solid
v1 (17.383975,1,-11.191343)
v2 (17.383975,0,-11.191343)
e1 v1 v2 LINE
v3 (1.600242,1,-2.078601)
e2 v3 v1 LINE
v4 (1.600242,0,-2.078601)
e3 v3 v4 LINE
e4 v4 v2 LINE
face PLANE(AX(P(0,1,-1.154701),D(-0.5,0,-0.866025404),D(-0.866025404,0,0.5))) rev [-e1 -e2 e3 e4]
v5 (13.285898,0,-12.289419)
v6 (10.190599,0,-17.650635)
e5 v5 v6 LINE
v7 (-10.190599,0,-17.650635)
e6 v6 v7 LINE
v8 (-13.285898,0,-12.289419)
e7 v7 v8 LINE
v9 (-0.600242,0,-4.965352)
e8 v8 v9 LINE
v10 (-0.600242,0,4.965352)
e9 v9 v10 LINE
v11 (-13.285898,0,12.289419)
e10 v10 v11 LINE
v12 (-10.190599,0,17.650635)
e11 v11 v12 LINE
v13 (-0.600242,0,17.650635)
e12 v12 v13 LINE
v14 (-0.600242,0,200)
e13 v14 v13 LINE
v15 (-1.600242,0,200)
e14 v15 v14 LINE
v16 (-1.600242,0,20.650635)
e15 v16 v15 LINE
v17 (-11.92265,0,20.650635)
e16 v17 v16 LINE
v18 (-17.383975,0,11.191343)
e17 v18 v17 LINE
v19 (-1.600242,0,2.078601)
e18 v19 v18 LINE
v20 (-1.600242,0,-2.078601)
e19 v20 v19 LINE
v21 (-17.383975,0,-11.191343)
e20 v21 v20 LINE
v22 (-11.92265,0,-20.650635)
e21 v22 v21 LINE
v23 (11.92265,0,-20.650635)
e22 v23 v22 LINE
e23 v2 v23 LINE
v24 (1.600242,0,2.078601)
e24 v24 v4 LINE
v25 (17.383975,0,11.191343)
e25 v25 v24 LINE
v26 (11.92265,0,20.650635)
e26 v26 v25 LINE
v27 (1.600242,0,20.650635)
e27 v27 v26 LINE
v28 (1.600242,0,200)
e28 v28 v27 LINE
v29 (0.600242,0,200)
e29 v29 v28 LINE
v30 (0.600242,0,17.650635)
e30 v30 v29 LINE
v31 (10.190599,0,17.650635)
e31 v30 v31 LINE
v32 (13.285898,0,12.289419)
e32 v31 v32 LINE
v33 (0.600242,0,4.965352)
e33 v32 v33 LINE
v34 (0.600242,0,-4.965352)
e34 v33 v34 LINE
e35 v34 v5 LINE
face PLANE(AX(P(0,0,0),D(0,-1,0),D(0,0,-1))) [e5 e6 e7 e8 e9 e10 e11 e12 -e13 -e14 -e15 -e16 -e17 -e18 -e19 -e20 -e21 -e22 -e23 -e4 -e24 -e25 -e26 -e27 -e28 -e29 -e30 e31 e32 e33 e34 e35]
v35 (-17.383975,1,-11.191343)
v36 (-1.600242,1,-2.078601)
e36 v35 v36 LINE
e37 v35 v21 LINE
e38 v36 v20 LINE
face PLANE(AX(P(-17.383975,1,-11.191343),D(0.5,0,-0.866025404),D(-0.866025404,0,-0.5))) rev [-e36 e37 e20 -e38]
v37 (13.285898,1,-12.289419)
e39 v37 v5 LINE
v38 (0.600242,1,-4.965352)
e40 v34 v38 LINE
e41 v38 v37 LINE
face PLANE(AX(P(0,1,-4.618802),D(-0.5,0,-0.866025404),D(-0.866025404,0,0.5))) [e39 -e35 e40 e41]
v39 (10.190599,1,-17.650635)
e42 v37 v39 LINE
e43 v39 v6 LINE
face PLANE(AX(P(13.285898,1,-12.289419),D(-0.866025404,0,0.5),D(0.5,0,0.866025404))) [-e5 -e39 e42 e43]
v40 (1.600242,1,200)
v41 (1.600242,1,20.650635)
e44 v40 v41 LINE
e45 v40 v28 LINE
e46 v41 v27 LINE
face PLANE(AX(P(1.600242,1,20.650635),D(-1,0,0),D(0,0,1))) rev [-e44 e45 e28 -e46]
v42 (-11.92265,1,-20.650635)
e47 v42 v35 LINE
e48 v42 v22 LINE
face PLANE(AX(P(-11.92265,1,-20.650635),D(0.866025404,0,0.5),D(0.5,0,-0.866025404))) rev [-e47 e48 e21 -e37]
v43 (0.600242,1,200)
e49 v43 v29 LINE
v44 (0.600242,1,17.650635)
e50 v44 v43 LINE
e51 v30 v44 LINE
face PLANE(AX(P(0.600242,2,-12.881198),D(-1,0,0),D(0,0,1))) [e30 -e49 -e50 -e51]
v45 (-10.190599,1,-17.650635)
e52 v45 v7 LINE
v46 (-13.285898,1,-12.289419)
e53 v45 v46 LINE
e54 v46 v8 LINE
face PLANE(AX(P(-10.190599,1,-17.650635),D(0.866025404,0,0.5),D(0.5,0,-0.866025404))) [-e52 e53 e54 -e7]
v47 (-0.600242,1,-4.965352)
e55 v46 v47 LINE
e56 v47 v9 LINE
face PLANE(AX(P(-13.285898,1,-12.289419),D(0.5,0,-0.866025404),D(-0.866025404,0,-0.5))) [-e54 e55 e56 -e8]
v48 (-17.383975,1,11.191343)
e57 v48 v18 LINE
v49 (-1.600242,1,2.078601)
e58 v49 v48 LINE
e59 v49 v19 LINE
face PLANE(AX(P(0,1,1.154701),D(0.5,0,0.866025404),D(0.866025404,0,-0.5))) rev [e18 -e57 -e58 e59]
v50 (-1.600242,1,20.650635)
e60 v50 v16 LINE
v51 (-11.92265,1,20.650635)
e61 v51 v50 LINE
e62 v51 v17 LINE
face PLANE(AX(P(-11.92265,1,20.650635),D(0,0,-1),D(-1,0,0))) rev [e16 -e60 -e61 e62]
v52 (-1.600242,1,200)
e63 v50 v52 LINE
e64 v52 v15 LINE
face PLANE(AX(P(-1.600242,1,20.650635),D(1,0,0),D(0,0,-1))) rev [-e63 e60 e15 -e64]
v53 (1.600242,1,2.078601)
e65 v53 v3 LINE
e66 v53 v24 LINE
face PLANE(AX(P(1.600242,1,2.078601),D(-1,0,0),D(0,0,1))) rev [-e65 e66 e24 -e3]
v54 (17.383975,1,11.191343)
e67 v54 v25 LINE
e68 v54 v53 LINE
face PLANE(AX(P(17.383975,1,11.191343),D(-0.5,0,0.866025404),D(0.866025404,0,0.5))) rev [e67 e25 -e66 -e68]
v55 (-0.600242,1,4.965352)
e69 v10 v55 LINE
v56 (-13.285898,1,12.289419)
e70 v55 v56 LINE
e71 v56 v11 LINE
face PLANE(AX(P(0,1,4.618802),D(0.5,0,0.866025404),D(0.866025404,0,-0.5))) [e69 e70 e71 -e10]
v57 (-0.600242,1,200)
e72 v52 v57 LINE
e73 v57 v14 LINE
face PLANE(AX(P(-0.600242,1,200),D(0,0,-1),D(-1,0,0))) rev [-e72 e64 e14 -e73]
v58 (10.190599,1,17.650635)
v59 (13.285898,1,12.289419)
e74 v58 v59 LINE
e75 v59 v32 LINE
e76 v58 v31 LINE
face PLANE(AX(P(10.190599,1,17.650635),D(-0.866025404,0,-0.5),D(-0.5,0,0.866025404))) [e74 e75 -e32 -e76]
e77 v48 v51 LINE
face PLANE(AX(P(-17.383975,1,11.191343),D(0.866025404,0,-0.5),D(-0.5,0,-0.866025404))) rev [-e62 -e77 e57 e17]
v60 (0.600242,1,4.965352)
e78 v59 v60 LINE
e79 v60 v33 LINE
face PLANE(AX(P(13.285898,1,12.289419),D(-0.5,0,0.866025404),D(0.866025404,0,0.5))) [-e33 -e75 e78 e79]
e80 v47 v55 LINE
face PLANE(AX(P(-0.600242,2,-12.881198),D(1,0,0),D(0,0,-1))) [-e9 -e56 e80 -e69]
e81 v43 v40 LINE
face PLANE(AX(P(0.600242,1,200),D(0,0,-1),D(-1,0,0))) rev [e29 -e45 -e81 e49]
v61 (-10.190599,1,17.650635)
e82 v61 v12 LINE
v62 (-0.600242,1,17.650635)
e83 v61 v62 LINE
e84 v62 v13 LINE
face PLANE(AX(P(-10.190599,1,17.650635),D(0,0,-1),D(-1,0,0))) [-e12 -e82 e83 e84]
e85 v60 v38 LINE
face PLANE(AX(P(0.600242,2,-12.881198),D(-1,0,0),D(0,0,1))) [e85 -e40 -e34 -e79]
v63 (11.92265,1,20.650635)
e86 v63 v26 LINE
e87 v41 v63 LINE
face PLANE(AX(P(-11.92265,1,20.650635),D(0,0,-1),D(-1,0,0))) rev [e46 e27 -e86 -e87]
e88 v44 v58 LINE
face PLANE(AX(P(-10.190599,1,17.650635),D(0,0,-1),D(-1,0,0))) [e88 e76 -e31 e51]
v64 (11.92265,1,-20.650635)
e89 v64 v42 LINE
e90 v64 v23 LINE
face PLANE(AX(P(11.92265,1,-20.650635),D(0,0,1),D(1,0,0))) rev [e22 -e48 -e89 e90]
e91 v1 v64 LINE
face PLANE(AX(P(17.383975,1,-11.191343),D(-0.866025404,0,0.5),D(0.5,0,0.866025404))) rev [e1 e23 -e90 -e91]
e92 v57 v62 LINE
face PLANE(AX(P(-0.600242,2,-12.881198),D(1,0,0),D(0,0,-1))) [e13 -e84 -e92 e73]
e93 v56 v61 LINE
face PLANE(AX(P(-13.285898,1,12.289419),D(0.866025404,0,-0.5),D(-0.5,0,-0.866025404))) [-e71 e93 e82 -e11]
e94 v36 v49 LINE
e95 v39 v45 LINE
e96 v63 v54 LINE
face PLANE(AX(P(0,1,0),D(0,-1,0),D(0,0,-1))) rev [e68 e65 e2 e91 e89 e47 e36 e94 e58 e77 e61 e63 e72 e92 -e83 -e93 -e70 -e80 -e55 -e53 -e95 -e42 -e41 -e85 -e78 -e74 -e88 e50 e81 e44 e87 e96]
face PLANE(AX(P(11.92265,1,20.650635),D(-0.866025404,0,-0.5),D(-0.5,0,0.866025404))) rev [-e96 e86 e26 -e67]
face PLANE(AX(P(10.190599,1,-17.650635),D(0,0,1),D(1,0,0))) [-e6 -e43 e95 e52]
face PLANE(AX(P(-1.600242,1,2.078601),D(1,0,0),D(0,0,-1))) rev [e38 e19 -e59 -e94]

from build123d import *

# Parameters (mm, degrees)
EXTRUDE_1_DEPTH          = 1
EXTRUDE_1_2_DEPTH        = 1
CUT_EXTRUDE_1_DEPTH      = 2
CUT_EXTRUDE_1_DEPTH_BACK = 2
SKETCH_2_W               = 1.200484238
SKETCH_2_H               = 35
SKETCH_3_W               = 1
SKETCH_3_H               = 179.349364905
EXTRUDE_2_DEPTH          = 1


with BuildPart() as part:
    # 草图1 → 凸台-拉伸1 (new body)
    with BuildSketch(Plane(origin=(0, 0, 0), x_dir=(1, 0, 0), z_dir=(0, 1, 0))):
        Polygon((11.922649731, 20.650635095), (-11.922649731, 20.650635095), (-17.383974596, 11.191342951), (0, 1.154700538), (17.383974596, 11.191342951), align=None)
        Polygon((10.190598923, 17.650635095), (-10.190598923, 17.650635095), (-13.285898385, 12.289419162), (0, 4.618802154), (13.285898385, 12.289419162), align=None, mode=Mode.SUBTRACT)
    extrude(amount=EXTRUDE_1_DEPTH)


with BuildPart() as body_2:
    # 草图1 → Extrude 1 2 (new body)
    with BuildSketch(Plane(origin=(0, 0, 0), x_dir=(1, 0, 0), z_dir=(0, 1, 0))):
        Polygon((0, -1.154700538), (-17.383974596, -11.191342951), (-11.922649731, -20.650635095), (11.922649731, -20.650635095), (17.383974596, -11.191342951), align=None)
        Polygon((0, -4.618802154), (-13.285898385, -12.289419162), (-10.190598923, -17.650635095), (10.190598923, -17.650635095), (13.285898385, -12.289419162), align=None, mode=Mode.SUBTRACT)
    extrude(amount=EXTRUDE_1_2_DEPTH)


with BuildPart() as cut_extrude_1_tool:
    # 草图2 → 切除-拉伸1 (new, two sides: drawn at the far end of the back side and taken through both)
    with BuildSketch(Plane(origin=(0, 0, 0), x_dir=(1, 0, 0), z_dir=(0, 1, 0)).offset(-CUT_EXTRUDE_1_DEPTH_BACK)):
        with Locations((0, -4.618802154)):
            Rectangle(SKETCH_2_W, SKETCH_2_H)
    extrude(amount=CUT_EXTRUDE_1_DEPTH + CUT_EXTRUDE_1_DEPTH_BACK)


with BuildPart() as part_1:
    add(part.part)

    # 切除-拉伸1: cut by cut_extrude_1_tool
    add(cut_extrude_1_tool.part, mode=Mode.SUBTRACT)



with BuildPart() as body_2_1:
    add(body_2.part)

    # 切除-拉伸1: cut by cut_extrude_1_tool
    add(cut_extrude_1_tool.part, mode=Mode.SUBTRACT)


with BuildPart() as part_2:
    add(part_1.part)

    add(body_2_1.part)  # 凸台-拉伸2 merges body 2
    # 草图3 → 凸台-拉伸2 (add)
    with BuildSketch(Plane(origin=(0, 0, 0), x_dir=(1, 0, 0), z_dir=(0, 1, 0))):
        with Locations((-1.100242119, -110.325317548)):
            Rectangle(SKETCH_3_W, SKETCH_3_H)
        with Locations((1.100242119, -110.325317548)):
            Rectangle(SKETCH_3_W, SKETCH_3_H)
        Polygon((-0.600242119, -1.501250487), (-0.600242119, 1.501250487), (-1.600242119, 2.078600756), (-1.600242119, -2.078600756), align=None)
        Polygon((0.600242119, -1.501250487), (0.600242119, 1.501250487), (1.600242119, 2.078600756), (1.600242119, -2.078600756), align=None)
    extrude(amount=EXTRUDE_2_DEPTH)


solid = part_2.part
